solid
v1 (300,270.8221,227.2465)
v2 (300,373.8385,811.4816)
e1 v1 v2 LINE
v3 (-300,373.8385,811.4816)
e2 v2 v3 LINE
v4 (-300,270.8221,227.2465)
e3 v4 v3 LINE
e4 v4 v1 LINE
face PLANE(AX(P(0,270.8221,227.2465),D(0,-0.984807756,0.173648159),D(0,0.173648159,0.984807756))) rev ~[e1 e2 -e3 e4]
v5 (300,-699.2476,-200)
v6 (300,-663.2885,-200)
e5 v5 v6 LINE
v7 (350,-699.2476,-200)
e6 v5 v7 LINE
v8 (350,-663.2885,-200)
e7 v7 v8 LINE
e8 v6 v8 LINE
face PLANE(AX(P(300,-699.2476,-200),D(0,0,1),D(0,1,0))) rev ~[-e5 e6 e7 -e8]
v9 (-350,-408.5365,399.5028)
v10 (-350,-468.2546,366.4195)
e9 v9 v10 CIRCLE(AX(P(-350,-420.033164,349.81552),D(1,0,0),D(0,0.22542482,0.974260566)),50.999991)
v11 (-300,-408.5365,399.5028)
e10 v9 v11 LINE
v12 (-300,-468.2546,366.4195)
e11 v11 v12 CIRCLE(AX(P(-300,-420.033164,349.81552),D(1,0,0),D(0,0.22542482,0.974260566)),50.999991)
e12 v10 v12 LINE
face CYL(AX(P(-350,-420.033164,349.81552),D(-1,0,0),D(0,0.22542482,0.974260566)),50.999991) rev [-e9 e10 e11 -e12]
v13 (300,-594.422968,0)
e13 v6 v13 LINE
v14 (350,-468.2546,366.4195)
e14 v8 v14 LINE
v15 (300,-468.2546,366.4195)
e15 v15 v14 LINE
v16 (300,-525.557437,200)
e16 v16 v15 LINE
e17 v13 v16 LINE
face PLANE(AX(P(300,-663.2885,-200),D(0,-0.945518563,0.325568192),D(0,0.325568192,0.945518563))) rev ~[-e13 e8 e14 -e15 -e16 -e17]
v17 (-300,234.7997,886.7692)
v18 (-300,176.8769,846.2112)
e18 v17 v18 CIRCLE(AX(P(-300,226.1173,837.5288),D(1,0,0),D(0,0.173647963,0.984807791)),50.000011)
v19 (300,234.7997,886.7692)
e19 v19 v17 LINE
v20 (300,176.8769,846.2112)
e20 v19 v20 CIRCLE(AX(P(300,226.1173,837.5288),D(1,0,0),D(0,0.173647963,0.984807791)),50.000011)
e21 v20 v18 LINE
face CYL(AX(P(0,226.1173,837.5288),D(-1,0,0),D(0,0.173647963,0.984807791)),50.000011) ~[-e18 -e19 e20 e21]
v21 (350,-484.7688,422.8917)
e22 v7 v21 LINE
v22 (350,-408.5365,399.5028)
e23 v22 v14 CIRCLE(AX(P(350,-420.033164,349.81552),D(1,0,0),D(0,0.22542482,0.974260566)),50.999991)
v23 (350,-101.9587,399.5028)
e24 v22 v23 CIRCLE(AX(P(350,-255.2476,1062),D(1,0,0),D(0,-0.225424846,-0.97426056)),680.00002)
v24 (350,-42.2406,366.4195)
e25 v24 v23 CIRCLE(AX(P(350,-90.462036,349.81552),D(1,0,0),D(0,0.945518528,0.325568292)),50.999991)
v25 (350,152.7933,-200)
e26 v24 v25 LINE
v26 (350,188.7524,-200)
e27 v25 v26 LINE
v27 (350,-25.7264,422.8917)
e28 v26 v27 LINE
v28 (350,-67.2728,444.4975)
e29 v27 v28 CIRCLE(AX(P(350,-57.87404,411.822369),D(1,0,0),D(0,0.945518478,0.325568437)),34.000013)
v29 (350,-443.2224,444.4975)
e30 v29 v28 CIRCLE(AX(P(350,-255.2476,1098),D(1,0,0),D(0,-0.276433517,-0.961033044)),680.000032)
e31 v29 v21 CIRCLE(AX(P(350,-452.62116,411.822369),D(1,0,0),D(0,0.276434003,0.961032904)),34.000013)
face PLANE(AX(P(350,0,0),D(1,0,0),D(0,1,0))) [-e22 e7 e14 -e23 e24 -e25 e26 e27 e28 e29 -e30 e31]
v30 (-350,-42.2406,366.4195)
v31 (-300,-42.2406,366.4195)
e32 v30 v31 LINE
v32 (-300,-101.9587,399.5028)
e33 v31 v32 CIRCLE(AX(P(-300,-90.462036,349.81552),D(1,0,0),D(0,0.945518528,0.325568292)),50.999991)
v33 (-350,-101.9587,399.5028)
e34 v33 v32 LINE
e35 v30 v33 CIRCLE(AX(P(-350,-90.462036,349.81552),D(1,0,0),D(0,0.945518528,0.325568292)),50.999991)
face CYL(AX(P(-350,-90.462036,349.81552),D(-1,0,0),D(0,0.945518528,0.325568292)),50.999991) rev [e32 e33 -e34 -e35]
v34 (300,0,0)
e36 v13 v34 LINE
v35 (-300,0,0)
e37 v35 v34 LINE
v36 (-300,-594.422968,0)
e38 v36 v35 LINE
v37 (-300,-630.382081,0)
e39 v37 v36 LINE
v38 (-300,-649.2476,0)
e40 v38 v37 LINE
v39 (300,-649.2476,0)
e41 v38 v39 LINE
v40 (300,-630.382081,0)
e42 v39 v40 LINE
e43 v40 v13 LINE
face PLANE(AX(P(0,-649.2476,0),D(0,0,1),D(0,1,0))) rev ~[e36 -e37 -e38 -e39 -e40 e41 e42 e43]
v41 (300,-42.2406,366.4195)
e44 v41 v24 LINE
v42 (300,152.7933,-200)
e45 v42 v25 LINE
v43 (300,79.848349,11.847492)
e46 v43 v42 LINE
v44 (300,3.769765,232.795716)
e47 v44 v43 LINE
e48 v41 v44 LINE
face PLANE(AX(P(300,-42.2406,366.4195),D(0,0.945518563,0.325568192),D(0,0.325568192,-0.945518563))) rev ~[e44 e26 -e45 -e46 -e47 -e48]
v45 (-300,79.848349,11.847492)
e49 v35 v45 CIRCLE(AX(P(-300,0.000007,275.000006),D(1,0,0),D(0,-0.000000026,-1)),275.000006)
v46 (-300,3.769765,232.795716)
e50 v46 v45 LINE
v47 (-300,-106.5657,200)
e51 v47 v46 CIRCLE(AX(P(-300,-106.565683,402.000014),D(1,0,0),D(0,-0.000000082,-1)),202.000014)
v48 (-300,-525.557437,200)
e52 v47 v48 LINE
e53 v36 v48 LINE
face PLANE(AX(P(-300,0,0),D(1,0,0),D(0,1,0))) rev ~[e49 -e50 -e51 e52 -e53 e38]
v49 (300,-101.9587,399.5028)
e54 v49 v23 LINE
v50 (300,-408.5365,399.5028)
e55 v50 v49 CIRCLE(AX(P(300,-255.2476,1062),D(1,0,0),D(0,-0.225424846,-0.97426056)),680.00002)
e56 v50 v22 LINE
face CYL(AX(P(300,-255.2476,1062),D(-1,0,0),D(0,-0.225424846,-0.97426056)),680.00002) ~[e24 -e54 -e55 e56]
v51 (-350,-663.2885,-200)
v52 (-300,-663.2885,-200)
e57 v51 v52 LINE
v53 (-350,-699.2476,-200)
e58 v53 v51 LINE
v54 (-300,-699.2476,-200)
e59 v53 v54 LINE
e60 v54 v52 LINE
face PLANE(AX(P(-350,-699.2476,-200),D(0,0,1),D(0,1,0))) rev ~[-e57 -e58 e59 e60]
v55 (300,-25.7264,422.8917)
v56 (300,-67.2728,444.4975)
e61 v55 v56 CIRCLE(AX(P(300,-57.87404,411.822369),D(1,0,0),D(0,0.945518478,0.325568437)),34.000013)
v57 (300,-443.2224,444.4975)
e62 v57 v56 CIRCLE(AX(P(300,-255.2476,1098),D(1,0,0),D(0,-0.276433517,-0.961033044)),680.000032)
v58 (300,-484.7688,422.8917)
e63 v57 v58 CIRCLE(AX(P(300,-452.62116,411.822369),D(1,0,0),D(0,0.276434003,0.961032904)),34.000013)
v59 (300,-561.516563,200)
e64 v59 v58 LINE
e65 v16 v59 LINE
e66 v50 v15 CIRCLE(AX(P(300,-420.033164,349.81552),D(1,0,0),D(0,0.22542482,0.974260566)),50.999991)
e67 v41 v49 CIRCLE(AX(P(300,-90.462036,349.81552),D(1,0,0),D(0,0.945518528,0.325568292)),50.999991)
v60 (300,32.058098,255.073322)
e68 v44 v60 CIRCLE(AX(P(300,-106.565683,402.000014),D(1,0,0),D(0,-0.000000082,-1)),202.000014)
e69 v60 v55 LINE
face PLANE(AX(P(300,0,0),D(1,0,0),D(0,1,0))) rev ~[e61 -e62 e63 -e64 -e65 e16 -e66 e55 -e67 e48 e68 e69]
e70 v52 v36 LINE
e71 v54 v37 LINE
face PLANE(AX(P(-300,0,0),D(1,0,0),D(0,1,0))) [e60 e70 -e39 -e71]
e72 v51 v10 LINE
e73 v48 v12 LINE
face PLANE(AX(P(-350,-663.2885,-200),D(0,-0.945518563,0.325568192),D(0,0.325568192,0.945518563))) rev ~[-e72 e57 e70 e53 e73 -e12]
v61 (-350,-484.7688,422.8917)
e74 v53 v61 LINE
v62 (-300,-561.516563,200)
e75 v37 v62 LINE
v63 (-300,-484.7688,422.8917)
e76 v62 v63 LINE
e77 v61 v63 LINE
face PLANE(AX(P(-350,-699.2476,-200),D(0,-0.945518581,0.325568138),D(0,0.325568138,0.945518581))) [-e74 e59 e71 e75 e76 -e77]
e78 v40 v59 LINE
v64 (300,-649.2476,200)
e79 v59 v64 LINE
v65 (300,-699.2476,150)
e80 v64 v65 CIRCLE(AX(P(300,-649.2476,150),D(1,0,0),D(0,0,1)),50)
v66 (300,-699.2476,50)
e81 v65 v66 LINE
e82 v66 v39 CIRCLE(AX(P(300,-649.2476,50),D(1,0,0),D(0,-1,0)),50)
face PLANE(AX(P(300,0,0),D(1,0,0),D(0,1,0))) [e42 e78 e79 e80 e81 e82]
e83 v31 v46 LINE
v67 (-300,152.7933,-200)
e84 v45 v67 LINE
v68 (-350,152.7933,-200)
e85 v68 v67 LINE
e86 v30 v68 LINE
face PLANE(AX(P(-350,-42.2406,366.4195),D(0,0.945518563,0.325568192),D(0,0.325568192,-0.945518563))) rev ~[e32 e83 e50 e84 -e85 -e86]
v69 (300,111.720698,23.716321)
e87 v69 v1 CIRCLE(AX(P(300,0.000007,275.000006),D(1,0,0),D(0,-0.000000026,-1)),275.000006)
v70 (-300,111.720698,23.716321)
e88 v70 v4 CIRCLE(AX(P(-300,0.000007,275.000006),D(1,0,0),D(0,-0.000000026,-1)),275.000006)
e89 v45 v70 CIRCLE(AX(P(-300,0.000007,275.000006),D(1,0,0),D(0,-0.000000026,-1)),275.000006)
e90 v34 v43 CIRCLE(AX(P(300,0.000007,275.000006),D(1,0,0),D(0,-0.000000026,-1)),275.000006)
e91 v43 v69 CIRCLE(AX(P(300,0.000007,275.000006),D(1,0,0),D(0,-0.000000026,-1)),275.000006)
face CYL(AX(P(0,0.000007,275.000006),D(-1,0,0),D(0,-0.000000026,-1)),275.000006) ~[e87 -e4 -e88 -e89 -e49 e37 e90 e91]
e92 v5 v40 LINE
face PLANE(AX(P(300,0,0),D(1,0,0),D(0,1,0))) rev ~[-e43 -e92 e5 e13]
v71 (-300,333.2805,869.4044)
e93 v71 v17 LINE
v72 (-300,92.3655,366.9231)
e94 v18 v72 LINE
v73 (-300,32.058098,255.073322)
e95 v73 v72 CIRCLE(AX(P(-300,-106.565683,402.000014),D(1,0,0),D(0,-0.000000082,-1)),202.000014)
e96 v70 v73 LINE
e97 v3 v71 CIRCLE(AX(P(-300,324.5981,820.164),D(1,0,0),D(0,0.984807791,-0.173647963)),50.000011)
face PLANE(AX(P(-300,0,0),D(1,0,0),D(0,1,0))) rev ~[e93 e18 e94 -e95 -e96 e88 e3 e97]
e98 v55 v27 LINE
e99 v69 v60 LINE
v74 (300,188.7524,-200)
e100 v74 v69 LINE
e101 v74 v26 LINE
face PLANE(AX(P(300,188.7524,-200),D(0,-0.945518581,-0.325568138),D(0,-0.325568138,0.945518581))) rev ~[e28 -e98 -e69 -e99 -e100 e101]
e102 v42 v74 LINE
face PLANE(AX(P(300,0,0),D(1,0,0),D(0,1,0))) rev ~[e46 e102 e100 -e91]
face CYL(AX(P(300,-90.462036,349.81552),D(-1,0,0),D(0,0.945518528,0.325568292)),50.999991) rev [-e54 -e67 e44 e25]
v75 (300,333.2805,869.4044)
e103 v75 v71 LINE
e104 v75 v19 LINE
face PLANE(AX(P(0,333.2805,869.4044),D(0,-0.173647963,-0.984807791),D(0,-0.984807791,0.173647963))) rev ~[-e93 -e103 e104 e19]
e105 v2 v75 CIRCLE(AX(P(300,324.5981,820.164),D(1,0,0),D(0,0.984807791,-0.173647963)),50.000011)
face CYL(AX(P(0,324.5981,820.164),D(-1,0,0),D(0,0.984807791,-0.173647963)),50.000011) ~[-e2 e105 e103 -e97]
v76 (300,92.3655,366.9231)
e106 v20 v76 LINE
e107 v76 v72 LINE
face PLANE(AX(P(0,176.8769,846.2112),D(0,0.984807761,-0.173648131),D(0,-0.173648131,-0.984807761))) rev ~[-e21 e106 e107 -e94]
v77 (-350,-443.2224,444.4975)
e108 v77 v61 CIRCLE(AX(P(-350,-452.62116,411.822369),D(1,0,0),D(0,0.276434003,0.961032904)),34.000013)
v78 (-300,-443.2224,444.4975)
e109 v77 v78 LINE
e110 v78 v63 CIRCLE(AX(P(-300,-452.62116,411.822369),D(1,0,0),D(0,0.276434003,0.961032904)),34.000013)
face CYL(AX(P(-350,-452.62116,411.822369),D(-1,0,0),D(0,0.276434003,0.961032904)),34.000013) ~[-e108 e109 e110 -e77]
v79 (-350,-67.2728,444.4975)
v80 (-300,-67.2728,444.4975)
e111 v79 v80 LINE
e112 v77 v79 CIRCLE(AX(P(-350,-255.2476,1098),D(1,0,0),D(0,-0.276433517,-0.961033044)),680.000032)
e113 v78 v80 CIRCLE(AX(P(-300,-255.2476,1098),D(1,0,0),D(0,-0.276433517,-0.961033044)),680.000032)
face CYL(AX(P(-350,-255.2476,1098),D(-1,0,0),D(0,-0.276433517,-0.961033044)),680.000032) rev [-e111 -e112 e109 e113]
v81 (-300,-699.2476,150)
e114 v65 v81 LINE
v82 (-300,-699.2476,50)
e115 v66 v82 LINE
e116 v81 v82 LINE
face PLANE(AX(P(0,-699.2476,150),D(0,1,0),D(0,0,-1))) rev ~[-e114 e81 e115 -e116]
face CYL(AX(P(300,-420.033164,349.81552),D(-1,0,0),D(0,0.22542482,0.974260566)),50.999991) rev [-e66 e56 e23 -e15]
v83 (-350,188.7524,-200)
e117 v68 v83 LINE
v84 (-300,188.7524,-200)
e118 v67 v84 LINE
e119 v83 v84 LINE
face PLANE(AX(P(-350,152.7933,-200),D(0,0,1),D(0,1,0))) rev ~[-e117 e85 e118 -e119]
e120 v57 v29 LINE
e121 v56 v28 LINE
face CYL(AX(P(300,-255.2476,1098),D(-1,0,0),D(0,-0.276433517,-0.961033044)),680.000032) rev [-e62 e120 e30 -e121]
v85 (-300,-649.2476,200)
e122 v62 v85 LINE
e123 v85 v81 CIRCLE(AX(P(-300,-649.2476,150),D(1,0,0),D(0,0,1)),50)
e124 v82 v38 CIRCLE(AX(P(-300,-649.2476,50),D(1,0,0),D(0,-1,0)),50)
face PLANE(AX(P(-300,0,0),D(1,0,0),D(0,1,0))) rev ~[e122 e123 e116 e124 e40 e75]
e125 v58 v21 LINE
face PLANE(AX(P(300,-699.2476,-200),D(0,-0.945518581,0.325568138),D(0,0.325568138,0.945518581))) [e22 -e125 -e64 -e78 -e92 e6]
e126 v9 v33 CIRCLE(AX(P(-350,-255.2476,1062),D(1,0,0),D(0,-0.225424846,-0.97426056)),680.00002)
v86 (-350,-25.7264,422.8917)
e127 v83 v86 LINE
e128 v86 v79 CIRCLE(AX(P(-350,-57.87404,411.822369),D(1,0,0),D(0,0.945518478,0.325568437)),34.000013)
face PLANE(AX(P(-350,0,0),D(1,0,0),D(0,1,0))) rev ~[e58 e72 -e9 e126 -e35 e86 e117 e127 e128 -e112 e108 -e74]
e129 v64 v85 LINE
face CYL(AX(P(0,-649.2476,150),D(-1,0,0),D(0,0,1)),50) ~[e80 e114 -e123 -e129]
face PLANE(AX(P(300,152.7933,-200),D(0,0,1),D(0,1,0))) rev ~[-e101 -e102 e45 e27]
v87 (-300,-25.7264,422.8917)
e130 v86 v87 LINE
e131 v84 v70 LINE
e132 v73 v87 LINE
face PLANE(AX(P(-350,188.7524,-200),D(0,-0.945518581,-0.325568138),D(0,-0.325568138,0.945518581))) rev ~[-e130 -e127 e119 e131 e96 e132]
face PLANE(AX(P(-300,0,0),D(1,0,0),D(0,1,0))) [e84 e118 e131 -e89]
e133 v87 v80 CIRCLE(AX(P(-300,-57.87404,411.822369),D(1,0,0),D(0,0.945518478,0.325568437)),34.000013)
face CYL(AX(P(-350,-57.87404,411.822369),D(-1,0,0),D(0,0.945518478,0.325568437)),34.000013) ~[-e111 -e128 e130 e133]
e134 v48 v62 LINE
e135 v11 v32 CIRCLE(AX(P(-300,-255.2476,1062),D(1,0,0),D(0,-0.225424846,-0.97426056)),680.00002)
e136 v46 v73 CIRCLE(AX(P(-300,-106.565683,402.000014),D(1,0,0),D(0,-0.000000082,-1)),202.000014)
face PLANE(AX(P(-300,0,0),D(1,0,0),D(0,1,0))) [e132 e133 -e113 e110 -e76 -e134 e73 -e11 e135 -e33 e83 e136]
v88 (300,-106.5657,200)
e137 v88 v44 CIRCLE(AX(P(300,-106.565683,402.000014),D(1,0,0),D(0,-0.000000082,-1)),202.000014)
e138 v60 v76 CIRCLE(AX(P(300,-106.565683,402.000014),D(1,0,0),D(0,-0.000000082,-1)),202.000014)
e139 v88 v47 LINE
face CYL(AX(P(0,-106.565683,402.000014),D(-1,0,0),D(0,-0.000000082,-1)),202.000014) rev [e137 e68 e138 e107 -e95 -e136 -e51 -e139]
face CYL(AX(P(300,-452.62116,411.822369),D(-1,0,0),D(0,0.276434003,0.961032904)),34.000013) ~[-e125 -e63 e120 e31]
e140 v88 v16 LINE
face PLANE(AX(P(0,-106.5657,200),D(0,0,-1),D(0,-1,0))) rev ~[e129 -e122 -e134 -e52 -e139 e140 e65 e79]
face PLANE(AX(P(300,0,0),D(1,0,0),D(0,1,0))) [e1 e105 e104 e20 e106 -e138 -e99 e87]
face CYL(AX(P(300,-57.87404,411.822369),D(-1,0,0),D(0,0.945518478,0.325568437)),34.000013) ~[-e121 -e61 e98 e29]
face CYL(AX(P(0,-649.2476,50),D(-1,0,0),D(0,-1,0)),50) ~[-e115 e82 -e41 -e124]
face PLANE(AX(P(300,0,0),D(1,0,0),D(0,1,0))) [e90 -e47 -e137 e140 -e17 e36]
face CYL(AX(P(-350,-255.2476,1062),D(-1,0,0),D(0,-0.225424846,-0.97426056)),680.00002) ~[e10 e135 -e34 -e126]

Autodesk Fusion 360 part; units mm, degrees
sketch "草图1" plane through (0, 0, 0) normal (1, 0, 0) x (0, 1, 0)
  line L0 (-649.2476, 0) -> (0, 0)
  arc A0 (0, 0) -> (270.8221, 227.2465) centre (0, 275) ccw
  line L1 (270.8221, 227.2465) -> (373.8385, 811.4816)
  arc A1 (373.8385, 811.4816) -> (333.2805, 869.4044) centre (324.5981, 820.164) ccw
  line L2 (333.2805, 869.4044) -> (234.7997, 886.7692)
  arc A2 (234.7997, 886.7692) -> (176.8769, 846.2112) centre (226.1173, 837.5288) ccw
  line L3 (176.8769, 846.2112) -> (92.3655, 366.9231)
  arc A3 (-106.5657, 200) -> (92.3655, 366.9231) centre (-106.5657, 402) ccw
  line L4 (-106.5657, 200) -> (-649.2476, 200)
  arc A4 (-649.2476, 200) -> (-699.2476, 150) centre (-649.2476, 150) ccw
  line L5 (-699.2476, 150) -> (-699.2476, 50)
  arc A5 (-699.2476, 50) -> (-649.2476, 0) centre (-649.2476, 50) ccw
  line L6 (-130, 0) -> (100, 0) construction
  line L7 (373.8385, 811.4816) -> (230.7524, 0) construction
  dimension "d1" = 200
  dimension "d2" = 50
  dimension "d3" = 50
  dimension "d4" = 100
  dimension "d5" = 930
  dimension "d6" = 874
  dimension "d7" = 50
  dimension "d8" = 50
  dimension "d9" = 275
  dimension "d10" = 202
  dimension "d11" = 200
extrude "拉伸1" add sketch "草图1" along normal mid plane 600 makes body 1
sketch "草图2" plane through (300, 0, 0) normal (1, 0, 0) x (0, 1, 0)
  line L0 (-1000, 0) -> (500, 0) construction
  line L1 (-255.2476, 500) -> (-255.2476, -500) construction
  line L2 (-699.2476, 150) -> (-699.2476, 50)
  line L3 (-699.2476, -200) -> (-663.2885, -200)
  line L4 (-663.2885, -200) -> (-468.2546, 366.4195)
  line L5 (-699.2476, -200) -> (-484.7688, 422.8917)
  arc A0 (-443.2224, 444.4975) -> (-484.7688, 422.8917) centre (-452.6211, 411.8224) ccw
  arc A1 (-408.5365, 399.5028) -> (-468.2546, 366.4195) centre (-420.0332, 349.8155) ccw
  arc A2 (-408.5365, 399.5028) -> (-101.9587, 399.5028) centre (-255.2476, 1062) ccw
  arc A3 (-443.2224, 444.4975) -> (-67.2728, 444.4975) centre (-255.2476, 1098) ccw
  arc A4 (-25.7264, 422.8917) -> (-67.2728, 444.4975) centre (-57.8741, 411.8224) ccw
  arc A5 (-42.2406, 366.4195) -> (-101.9587, 399.5028) centre (-90.462, 349.8155) ccw
  line L6 (-42.2406, 366.4195) -> (152.7933, -200)
  line L7 (152.7933, -200) -> (188.7524, -200)
  line L8 (188.7524, -200) -> (-25.7264, 422.8917)
  line L9 (-255.2476, 500) -> (-255.2476, 524.2021) construction
  line L10 (-255.2476, 524.2021) -> (-255.2476, 850) construction
  dimension "d16" = 444
  dimension "d17" = 34
  dimension "d18" = 888
  dimension "d19" = 34
  dimension "d20" = 34
  dimension "d21" = 680
  dimension "d22" = 51
  dimension "d23" = 51
  dimension "d24" = 36
  dimension "d25" = 38
  dimension "d26" = 200
  dimension "d27" = 418
  dimension "d28" = 680
extrude "拉伸2" add sketch "草图2" along normal blind 50 separate body makes body 2
copy_body "复制和粘贴实体1" bodies 2 makes body 3
move_body "移动1" bodies 3 to x (1, 0, 0) y (0, 1, 0) z (0, 0, 1) at (-650, 0, 0)
combine "合并1" operation add target body 1 tool bodies 3 2
